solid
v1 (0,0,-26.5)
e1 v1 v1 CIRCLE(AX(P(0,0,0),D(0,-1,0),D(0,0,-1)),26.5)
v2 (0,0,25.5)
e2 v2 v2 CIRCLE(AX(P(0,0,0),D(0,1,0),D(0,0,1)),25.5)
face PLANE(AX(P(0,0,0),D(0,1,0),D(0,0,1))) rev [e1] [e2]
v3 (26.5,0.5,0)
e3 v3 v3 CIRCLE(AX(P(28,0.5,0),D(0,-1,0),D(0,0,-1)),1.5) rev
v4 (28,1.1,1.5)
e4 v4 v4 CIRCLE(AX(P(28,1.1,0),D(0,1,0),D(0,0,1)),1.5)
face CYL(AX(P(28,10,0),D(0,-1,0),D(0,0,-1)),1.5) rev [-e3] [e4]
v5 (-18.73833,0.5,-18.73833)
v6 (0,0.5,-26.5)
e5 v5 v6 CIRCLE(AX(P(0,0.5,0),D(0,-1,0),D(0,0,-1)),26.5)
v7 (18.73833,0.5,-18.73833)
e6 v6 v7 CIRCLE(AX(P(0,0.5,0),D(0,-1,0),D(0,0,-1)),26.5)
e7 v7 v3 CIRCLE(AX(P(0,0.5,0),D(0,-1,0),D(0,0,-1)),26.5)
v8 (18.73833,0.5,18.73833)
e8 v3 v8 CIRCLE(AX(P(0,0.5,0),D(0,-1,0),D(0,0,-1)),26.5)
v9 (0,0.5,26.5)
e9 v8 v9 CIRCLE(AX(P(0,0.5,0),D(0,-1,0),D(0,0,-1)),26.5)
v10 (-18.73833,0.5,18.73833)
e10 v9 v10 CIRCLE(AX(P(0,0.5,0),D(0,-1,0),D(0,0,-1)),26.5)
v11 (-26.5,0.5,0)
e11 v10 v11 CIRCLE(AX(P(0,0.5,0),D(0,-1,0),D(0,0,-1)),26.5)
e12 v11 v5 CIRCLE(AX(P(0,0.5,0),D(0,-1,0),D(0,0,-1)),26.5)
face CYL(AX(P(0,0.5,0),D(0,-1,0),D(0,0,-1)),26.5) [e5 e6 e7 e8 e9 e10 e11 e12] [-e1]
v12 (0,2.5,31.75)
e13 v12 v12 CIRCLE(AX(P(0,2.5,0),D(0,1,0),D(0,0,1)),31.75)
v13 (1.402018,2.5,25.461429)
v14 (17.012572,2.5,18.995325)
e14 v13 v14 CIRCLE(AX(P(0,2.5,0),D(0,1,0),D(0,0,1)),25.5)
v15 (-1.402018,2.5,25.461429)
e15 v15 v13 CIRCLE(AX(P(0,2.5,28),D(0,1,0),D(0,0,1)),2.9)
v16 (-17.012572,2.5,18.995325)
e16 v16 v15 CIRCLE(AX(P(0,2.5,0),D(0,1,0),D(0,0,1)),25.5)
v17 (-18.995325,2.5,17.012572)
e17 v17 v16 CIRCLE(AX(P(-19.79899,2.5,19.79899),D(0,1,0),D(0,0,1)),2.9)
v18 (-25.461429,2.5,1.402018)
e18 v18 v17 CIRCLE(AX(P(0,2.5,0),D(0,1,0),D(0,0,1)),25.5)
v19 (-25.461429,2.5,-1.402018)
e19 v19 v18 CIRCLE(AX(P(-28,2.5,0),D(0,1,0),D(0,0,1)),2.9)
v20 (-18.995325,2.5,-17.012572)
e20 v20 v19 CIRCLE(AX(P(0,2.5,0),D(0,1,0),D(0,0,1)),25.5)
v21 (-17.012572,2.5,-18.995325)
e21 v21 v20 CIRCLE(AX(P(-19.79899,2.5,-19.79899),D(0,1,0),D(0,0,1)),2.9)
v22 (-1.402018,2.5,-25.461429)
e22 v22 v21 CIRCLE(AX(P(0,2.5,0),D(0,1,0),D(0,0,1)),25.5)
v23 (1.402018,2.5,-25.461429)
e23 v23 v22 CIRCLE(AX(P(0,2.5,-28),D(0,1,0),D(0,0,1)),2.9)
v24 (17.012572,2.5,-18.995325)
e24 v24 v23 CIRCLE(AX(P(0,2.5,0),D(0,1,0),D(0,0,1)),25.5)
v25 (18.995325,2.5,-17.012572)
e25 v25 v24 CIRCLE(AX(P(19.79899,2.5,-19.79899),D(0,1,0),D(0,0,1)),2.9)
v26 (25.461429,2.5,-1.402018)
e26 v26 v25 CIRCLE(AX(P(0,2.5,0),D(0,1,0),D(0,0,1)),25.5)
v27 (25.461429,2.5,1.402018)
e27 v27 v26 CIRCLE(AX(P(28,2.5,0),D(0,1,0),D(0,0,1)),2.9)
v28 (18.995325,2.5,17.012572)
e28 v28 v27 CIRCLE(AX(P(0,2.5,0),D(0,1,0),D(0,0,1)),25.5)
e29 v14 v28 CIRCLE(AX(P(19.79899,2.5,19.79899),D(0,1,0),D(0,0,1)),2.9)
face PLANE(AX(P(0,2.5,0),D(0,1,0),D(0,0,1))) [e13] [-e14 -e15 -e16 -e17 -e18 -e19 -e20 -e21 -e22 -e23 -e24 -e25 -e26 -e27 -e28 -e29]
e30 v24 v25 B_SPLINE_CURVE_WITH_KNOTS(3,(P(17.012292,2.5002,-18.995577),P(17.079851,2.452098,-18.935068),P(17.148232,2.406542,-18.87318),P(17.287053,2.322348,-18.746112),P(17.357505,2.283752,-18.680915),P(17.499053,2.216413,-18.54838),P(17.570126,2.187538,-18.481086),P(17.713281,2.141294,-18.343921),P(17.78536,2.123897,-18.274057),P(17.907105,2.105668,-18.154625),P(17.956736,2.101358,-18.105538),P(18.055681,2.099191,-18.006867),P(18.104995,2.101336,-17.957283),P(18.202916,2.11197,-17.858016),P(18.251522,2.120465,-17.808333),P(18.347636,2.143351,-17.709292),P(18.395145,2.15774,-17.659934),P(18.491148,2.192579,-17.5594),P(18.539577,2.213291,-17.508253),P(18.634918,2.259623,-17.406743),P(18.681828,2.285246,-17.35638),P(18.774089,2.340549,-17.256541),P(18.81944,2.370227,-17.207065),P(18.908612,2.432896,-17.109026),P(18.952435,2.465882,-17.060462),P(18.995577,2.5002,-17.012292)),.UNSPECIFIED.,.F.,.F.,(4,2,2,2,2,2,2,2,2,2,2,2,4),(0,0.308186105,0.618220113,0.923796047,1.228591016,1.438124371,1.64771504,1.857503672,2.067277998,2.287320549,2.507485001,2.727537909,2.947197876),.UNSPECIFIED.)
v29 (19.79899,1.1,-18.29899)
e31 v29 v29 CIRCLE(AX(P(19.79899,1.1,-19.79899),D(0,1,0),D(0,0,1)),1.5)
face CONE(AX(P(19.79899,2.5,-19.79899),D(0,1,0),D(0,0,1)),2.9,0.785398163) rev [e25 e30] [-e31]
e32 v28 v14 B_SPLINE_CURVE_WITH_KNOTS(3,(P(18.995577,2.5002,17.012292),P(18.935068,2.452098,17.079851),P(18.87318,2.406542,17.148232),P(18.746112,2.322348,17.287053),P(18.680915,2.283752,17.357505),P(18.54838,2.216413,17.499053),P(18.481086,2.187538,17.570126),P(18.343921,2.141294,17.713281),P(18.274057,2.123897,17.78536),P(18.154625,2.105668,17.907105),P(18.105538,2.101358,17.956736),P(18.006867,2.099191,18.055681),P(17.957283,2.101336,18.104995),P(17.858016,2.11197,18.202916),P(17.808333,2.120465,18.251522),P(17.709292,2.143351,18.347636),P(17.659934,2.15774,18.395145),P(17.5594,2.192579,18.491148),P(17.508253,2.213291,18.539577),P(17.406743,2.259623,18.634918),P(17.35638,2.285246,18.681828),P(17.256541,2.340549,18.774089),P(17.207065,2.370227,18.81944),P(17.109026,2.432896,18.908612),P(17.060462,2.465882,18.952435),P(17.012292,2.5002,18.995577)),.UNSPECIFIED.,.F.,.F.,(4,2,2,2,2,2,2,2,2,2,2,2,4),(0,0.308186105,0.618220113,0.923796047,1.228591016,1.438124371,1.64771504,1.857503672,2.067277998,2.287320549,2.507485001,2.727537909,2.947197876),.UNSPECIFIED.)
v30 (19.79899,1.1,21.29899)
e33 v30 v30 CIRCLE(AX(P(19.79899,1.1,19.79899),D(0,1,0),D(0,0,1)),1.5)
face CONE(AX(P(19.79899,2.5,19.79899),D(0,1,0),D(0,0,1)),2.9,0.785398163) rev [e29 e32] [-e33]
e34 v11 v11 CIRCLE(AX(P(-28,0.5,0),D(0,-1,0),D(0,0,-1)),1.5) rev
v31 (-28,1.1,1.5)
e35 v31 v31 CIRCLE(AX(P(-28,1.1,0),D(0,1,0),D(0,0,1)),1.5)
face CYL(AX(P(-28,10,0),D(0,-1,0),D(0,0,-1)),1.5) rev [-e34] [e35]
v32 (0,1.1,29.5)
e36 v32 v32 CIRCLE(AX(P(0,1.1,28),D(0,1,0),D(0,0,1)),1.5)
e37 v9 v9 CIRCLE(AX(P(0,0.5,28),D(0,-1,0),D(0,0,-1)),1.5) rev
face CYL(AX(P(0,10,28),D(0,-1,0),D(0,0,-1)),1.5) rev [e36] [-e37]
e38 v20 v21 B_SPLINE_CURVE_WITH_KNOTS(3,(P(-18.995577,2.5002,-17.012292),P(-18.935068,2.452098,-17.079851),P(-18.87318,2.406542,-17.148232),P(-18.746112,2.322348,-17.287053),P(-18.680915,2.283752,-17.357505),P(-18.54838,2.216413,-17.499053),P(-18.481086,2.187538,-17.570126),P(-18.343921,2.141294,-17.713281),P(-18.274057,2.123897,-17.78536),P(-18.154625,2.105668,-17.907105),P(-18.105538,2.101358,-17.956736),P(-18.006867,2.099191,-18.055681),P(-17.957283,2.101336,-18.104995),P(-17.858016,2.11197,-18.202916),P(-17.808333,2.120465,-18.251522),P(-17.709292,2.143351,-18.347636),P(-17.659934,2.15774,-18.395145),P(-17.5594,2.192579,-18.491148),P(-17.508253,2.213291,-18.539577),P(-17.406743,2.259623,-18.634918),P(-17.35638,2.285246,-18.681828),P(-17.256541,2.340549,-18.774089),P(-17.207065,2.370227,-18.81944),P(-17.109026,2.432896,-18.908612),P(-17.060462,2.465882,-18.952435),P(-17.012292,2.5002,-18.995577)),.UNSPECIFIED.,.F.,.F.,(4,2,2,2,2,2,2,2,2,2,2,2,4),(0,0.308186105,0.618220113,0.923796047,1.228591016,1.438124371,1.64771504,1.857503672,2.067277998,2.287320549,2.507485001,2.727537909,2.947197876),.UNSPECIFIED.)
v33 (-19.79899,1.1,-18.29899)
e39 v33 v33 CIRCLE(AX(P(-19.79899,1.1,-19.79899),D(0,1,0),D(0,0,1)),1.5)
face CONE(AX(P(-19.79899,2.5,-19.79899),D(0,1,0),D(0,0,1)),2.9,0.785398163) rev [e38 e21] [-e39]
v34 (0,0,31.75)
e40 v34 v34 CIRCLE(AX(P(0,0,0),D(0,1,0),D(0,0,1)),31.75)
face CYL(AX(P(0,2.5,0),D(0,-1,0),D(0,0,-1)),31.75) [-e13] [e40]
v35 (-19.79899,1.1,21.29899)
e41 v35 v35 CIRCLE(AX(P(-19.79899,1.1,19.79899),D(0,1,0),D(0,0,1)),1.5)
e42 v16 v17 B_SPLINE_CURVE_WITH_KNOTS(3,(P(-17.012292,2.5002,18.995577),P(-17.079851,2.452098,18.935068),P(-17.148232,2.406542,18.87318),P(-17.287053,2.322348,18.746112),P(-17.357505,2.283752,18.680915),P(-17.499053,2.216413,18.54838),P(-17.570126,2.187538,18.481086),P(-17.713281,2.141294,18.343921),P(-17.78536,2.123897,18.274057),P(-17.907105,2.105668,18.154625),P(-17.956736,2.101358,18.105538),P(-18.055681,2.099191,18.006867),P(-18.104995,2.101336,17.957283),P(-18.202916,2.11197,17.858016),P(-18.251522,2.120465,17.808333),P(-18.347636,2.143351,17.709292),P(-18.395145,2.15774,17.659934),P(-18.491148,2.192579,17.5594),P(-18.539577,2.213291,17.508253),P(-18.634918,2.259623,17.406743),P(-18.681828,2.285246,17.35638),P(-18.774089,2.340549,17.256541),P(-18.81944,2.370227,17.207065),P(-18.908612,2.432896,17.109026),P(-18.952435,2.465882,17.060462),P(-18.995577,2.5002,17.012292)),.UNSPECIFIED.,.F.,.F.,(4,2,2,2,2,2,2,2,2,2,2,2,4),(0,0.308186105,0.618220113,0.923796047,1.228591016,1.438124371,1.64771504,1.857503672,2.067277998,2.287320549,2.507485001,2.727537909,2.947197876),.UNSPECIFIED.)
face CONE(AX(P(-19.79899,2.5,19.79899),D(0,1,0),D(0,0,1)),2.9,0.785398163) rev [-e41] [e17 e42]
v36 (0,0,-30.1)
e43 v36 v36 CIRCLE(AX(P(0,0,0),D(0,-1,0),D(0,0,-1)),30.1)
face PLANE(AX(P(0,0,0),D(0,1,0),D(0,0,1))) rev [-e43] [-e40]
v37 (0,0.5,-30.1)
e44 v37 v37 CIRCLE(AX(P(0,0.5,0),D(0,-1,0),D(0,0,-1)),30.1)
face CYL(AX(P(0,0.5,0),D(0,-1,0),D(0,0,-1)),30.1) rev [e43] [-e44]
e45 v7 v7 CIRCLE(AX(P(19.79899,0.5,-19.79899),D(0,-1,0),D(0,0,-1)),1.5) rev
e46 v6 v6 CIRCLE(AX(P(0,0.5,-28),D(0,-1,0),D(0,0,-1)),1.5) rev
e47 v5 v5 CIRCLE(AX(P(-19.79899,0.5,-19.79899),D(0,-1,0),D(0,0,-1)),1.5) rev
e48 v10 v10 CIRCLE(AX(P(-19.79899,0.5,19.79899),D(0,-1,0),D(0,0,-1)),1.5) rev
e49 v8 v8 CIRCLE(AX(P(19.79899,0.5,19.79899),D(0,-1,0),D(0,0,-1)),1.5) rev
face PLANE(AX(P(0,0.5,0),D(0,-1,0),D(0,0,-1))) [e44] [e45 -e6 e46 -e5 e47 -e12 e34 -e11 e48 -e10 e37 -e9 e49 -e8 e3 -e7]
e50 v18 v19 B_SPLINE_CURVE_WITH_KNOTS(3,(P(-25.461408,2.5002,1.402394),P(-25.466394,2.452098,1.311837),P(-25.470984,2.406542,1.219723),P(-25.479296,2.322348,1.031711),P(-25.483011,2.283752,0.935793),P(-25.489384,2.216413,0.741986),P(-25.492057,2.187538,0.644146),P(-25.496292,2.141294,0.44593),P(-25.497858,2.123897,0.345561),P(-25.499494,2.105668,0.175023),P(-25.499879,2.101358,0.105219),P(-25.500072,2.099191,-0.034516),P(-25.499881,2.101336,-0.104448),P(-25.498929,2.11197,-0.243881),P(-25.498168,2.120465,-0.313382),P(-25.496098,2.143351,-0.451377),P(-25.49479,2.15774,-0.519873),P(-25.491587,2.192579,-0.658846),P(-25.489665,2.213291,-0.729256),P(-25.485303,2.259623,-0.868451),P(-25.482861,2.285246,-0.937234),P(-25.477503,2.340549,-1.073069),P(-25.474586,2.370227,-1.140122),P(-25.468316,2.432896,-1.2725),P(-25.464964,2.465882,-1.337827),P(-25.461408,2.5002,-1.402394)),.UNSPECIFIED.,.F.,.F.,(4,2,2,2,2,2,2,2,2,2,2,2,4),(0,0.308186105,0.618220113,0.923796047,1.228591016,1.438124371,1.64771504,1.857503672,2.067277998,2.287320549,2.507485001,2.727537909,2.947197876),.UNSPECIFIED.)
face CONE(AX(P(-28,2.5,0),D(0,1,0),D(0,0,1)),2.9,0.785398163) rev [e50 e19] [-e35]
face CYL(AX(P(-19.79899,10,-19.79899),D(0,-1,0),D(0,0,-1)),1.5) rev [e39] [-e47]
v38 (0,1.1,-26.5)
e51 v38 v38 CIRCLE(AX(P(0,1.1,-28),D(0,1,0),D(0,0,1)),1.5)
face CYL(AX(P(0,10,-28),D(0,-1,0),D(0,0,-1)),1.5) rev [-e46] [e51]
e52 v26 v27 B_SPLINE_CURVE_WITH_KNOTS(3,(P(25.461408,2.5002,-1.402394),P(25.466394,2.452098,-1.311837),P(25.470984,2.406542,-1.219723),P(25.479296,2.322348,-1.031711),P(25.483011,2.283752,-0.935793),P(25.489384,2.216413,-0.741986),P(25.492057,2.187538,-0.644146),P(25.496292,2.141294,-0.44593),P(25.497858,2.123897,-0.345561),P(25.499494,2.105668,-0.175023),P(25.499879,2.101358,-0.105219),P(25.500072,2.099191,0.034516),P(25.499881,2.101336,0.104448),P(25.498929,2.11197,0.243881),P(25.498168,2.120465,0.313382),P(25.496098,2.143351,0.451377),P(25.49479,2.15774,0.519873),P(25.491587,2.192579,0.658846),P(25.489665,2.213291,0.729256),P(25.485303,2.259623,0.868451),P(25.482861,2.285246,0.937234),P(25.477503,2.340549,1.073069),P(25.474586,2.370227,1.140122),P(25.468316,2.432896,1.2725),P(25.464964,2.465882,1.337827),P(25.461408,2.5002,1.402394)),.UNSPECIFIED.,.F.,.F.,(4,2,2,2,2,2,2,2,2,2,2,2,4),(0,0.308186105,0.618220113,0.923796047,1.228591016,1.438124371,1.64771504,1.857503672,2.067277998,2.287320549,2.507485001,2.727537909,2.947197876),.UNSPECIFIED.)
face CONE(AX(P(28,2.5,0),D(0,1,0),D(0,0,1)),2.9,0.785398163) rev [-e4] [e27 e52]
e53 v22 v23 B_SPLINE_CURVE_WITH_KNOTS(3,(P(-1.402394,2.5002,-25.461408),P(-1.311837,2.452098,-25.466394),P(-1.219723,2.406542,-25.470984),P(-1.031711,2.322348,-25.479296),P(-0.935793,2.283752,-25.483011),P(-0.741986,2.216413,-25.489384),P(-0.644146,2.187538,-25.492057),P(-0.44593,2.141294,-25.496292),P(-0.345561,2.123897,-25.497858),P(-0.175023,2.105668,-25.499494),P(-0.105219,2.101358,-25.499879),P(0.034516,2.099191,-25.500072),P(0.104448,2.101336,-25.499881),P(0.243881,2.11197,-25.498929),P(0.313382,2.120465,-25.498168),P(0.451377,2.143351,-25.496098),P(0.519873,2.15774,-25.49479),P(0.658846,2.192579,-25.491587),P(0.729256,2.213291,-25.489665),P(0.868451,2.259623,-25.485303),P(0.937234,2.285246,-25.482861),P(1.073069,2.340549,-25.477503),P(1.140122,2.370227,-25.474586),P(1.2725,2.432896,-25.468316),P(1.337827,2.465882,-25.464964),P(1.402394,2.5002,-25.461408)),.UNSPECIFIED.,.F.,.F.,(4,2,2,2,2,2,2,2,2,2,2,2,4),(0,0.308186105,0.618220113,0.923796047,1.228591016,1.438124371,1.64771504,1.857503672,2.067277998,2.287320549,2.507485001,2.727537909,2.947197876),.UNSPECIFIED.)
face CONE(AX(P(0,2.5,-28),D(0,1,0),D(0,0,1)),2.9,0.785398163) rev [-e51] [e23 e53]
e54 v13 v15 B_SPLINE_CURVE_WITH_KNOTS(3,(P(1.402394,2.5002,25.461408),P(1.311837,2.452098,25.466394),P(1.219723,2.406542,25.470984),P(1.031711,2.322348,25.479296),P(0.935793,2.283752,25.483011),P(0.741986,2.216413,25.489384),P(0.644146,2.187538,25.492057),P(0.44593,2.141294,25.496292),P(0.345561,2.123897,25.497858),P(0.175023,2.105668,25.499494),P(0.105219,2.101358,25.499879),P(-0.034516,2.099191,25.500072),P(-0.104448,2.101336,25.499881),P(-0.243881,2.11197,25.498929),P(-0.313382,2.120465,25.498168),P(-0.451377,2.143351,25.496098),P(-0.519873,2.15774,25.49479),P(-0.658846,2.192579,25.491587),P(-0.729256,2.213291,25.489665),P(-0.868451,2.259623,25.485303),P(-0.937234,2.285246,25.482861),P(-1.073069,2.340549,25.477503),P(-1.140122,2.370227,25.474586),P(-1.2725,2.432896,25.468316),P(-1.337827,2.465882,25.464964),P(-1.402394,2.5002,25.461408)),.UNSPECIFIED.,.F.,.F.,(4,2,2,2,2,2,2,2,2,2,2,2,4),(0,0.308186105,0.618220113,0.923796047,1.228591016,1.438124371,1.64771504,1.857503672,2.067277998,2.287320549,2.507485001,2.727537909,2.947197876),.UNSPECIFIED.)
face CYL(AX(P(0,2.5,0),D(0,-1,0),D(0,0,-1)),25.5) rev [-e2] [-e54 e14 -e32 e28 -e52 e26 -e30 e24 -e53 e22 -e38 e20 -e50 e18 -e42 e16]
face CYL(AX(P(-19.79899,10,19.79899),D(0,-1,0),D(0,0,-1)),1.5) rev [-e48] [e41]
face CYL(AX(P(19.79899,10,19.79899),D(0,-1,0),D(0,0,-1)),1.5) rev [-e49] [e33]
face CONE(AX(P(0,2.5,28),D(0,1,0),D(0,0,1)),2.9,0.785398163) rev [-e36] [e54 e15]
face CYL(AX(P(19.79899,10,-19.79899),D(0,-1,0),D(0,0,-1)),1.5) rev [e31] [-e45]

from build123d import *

# Parameters (mm, degrees)
SKETCH_1_R               = 31.75
SKETCH_1_R_2             = 25.5
EXTRUDE_1_DEPTH          = 2.5
SKETCH_2_R               = 1.5
CUT_EXTRUDE_1_DEPTH      = 10
SKETCH_3_R               = 30.1
SKETCH_3_R_2             = 26.5
CUT_EXTRUDE_2_DEPTH      = 0.5
HOLE_WIZARD_1_AT_2_COUNT = 2
HOLE_WIZARD_1_AT_2_PITCH = 21.430272212
HOLE_WIZARD_1_AT_3_COUNT = 2
HOLE_WIZARD_1_AT_3_PITCH = 39.597979746
HOLE_WIZARD_1_AT_4_COUNT = 2
HOLE_WIZARD_1_AT_4_PITCH = 51.737253821
HOLE_WIZARD_1_AT_5_COUNT = 2
HOLE_WIZARD_1_AT_5_PITCH = 56
HOLE_WIZARD_1_AT_6_COUNT = 2
HOLE_WIZARD_1_AT_6_PITCH = 39.597979746
HOLE_WIZARD_1_AT_7_COUNT = 2
HOLE_WIZARD_1_AT_7_PITCH = 21.430272212
HOLE_WIZARD_1_AT_8_COUNT = 2
HOLE_WIZARD_1_AT_8_PITCH = 51.737253821


with BuildPart() as part:
    # 草图1 → 凸台-拉伸1 (new body)
    with BuildSketch(Plane(origin=(0, 0, 0), x_dir=(1, 0, 0), z_dir=(0, 1, 0))):
        with Locations(Location((0, 0, 0), (0, 0, 270))):
            Circle(SKETCH_1_R)
        with Locations(Location((0, 0, 0), (0, 0, 270))):
            Circle(SKETCH_1_R_2, mode=Mode.SUBTRACT)
    extrude(amount=EXTRUDE_1_DEPTH)

    # 草图2 → 切除-拉伸1 (cut)
    with BuildSketch(Plane.XZ):
        with Locations(Location((0, -28, 0), (0, 0, 270))):
            Circle(SKETCH_2_R)
        with Locations(Location((-19.798989873, -19.798989873, 0), (0, 0, 270))):
            Circle(SKETCH_2_R)
        with Locations(Location((-28, 0, 0), (0, 0, 270))):
            Circle(SKETCH_2_R)
        with Locations(Location((-19.798989873, 19.798989873, 0), (0, 0, 270))):
            Circle(SKETCH_2_R)
        with Locations(Location((0, 28, 0), (0, 0, 270))):
            Circle(SKETCH_2_R)
        with Locations(Location((19.798989873, 19.798989873, 0), (0, 0, 270))):
            Circle(SKETCH_2_R)
        with Locations(Location((28, 0, 0), (0, 0, 270))):
            Circle(SKETCH_2_R)
        with Locations(Location((19.798989873, -19.798989873, 0), (0, 0, 270))):
            Circle(SKETCH_2_R)
    extrude(amount=-CUT_EXTRUDE_1_DEPTH, mode=Mode.SUBTRACT)

    # 草图3 → 切除-拉伸2 (cut)
    with BuildSketch(Plane.XZ):
        with Locations(Location((0, 0, 0), (0, 0, 270))):
            Circle(SKETCH_3_R)
        with Locations(Location((0, 0, 0), (0, 0, 270))):
            Circle(SKETCH_3_R_2, mode=Mode.SUBTRACT)
    extrude(amount=-CUT_EXTRUDE_2_DEPTH, mode=Mode.SUBTRACT)

    # 草图4 → 打孔尺寸(%根据十字)槽沉头木螺钉的类型1 (revolve, cut)
    with BuildSketch(Plane(origin=(0, 2.5, -28), x_dir=(0, 0, 1), z_dir=(1, 0, 0))):
        Polygon((0, 0), (0, 2.5), (1.5, 2.5), (1.5, 1.4), (2.9, 0), align=None)
    hole_wizard_1 = revolve(axis=Axis((0, 8.85, -28), (0, -1, 0)), mode=Mode.SUBTRACT)

    # 打孔尺寸(%根据十字)槽沉头木螺钉的类型1 at 2: 打孔尺寸(%根据十字)槽沉头木螺钉的类型1 ×2
    with Locations(*[Vector(0.9238795325112867, 0, 0.3826834323650898) * (i * HOLE_WIZARD_1_AT_2_PITCH) for i in range(1, HOLE_WIZARD_1_AT_2_COUNT)]):
        add(hole_wizard_1, mode=Mode.SUBTRACT)

    # 打孔尺寸(%根据十字)槽沉头木螺钉的类型1 at 3: 打孔尺寸(%根据十字)槽沉头木螺钉的类型1 ×2
    with Locations(*[Vector(0.7071067811865476, 0, 0.7071067811865476) * (i * HOLE_WIZARD_1_AT_3_PITCH) for i in range(1, HOLE_WIZARD_1_AT_3_COUNT)]):
        add(hole_wizard_1, mode=Mode.SUBTRACT)

    # 打孔尺寸(%根据十字)槽沉头木螺钉的类型1 at 4: 打孔尺寸(%根据十字)槽沉头木螺钉的类型1 ×2
    with Locations(*[Vector(0.3826834323650897, 0, 0.9238795325112867) * (i * HOLE_WIZARD_1_AT_4_PITCH) for i in range(1, HOLE_WIZARD_1_AT_4_COUNT)]):
        add(hole_wizard_1, mode=Mode.SUBTRACT)

    # 打孔尺寸(%根据十字)槽沉头木螺钉的类型1 at 5: 打孔尺寸(%根据十字)槽沉头木螺钉的类型1 ×2
    with Locations(*[(0, 0, i * HOLE_WIZARD_1_AT_5_PITCH) for i in range(1, HOLE_WIZARD_1_AT_5_COUNT)]):
        add(hole_wizard_1, mode=Mode.SUBTRACT)

    # 打孔尺寸(%根据十字)槽沉头木螺钉的类型1 at 6: 打孔尺寸(%根据十字)槽沉头木螺钉的类型1 ×2
    with Locations(*[Vector(-0.7071067811865476, 0, 0.7071067811865476) * (i * HOLE_WIZARD_1_AT_6_PITCH) for i in range(1, HOLE_WIZARD_1_AT_6_COUNT)]):
        add(hole_wizard_1, mode=Mode.SUBTRACT)

    # 打孔尺寸(%根据十字)槽沉头木螺钉的类型1 at 7: 打孔尺寸(%根据十字)槽沉头木螺钉的类型1 ×2
    with Locations(*[Vector(-0.9238795325112868, 0, 0.3826834323650896) * (i * HOLE_WIZARD_1_AT_7_PITCH) for i in range(1, HOLE_WIZARD_1_AT_7_COUNT)]):
        add(hole_wizard_1, mode=Mode.SUBTRACT)

    # 打孔尺寸(%根据十字)槽沉头木螺钉的类型1 at 8: 打孔尺寸(%根据十字)槽沉头木螺钉的类型1 ×2
    with Locations(*[Vector(-0.3826834323650898, 0, 0.9238795325112867) * (i * HOLE_WIZARD_1_AT_8_PITCH) for i in range(1, HOLE_WIZARD_1_AT_8_COUNT)]):
        add(hole_wizard_1, mode=Mode.SUBTRACT)


solid = part.part
